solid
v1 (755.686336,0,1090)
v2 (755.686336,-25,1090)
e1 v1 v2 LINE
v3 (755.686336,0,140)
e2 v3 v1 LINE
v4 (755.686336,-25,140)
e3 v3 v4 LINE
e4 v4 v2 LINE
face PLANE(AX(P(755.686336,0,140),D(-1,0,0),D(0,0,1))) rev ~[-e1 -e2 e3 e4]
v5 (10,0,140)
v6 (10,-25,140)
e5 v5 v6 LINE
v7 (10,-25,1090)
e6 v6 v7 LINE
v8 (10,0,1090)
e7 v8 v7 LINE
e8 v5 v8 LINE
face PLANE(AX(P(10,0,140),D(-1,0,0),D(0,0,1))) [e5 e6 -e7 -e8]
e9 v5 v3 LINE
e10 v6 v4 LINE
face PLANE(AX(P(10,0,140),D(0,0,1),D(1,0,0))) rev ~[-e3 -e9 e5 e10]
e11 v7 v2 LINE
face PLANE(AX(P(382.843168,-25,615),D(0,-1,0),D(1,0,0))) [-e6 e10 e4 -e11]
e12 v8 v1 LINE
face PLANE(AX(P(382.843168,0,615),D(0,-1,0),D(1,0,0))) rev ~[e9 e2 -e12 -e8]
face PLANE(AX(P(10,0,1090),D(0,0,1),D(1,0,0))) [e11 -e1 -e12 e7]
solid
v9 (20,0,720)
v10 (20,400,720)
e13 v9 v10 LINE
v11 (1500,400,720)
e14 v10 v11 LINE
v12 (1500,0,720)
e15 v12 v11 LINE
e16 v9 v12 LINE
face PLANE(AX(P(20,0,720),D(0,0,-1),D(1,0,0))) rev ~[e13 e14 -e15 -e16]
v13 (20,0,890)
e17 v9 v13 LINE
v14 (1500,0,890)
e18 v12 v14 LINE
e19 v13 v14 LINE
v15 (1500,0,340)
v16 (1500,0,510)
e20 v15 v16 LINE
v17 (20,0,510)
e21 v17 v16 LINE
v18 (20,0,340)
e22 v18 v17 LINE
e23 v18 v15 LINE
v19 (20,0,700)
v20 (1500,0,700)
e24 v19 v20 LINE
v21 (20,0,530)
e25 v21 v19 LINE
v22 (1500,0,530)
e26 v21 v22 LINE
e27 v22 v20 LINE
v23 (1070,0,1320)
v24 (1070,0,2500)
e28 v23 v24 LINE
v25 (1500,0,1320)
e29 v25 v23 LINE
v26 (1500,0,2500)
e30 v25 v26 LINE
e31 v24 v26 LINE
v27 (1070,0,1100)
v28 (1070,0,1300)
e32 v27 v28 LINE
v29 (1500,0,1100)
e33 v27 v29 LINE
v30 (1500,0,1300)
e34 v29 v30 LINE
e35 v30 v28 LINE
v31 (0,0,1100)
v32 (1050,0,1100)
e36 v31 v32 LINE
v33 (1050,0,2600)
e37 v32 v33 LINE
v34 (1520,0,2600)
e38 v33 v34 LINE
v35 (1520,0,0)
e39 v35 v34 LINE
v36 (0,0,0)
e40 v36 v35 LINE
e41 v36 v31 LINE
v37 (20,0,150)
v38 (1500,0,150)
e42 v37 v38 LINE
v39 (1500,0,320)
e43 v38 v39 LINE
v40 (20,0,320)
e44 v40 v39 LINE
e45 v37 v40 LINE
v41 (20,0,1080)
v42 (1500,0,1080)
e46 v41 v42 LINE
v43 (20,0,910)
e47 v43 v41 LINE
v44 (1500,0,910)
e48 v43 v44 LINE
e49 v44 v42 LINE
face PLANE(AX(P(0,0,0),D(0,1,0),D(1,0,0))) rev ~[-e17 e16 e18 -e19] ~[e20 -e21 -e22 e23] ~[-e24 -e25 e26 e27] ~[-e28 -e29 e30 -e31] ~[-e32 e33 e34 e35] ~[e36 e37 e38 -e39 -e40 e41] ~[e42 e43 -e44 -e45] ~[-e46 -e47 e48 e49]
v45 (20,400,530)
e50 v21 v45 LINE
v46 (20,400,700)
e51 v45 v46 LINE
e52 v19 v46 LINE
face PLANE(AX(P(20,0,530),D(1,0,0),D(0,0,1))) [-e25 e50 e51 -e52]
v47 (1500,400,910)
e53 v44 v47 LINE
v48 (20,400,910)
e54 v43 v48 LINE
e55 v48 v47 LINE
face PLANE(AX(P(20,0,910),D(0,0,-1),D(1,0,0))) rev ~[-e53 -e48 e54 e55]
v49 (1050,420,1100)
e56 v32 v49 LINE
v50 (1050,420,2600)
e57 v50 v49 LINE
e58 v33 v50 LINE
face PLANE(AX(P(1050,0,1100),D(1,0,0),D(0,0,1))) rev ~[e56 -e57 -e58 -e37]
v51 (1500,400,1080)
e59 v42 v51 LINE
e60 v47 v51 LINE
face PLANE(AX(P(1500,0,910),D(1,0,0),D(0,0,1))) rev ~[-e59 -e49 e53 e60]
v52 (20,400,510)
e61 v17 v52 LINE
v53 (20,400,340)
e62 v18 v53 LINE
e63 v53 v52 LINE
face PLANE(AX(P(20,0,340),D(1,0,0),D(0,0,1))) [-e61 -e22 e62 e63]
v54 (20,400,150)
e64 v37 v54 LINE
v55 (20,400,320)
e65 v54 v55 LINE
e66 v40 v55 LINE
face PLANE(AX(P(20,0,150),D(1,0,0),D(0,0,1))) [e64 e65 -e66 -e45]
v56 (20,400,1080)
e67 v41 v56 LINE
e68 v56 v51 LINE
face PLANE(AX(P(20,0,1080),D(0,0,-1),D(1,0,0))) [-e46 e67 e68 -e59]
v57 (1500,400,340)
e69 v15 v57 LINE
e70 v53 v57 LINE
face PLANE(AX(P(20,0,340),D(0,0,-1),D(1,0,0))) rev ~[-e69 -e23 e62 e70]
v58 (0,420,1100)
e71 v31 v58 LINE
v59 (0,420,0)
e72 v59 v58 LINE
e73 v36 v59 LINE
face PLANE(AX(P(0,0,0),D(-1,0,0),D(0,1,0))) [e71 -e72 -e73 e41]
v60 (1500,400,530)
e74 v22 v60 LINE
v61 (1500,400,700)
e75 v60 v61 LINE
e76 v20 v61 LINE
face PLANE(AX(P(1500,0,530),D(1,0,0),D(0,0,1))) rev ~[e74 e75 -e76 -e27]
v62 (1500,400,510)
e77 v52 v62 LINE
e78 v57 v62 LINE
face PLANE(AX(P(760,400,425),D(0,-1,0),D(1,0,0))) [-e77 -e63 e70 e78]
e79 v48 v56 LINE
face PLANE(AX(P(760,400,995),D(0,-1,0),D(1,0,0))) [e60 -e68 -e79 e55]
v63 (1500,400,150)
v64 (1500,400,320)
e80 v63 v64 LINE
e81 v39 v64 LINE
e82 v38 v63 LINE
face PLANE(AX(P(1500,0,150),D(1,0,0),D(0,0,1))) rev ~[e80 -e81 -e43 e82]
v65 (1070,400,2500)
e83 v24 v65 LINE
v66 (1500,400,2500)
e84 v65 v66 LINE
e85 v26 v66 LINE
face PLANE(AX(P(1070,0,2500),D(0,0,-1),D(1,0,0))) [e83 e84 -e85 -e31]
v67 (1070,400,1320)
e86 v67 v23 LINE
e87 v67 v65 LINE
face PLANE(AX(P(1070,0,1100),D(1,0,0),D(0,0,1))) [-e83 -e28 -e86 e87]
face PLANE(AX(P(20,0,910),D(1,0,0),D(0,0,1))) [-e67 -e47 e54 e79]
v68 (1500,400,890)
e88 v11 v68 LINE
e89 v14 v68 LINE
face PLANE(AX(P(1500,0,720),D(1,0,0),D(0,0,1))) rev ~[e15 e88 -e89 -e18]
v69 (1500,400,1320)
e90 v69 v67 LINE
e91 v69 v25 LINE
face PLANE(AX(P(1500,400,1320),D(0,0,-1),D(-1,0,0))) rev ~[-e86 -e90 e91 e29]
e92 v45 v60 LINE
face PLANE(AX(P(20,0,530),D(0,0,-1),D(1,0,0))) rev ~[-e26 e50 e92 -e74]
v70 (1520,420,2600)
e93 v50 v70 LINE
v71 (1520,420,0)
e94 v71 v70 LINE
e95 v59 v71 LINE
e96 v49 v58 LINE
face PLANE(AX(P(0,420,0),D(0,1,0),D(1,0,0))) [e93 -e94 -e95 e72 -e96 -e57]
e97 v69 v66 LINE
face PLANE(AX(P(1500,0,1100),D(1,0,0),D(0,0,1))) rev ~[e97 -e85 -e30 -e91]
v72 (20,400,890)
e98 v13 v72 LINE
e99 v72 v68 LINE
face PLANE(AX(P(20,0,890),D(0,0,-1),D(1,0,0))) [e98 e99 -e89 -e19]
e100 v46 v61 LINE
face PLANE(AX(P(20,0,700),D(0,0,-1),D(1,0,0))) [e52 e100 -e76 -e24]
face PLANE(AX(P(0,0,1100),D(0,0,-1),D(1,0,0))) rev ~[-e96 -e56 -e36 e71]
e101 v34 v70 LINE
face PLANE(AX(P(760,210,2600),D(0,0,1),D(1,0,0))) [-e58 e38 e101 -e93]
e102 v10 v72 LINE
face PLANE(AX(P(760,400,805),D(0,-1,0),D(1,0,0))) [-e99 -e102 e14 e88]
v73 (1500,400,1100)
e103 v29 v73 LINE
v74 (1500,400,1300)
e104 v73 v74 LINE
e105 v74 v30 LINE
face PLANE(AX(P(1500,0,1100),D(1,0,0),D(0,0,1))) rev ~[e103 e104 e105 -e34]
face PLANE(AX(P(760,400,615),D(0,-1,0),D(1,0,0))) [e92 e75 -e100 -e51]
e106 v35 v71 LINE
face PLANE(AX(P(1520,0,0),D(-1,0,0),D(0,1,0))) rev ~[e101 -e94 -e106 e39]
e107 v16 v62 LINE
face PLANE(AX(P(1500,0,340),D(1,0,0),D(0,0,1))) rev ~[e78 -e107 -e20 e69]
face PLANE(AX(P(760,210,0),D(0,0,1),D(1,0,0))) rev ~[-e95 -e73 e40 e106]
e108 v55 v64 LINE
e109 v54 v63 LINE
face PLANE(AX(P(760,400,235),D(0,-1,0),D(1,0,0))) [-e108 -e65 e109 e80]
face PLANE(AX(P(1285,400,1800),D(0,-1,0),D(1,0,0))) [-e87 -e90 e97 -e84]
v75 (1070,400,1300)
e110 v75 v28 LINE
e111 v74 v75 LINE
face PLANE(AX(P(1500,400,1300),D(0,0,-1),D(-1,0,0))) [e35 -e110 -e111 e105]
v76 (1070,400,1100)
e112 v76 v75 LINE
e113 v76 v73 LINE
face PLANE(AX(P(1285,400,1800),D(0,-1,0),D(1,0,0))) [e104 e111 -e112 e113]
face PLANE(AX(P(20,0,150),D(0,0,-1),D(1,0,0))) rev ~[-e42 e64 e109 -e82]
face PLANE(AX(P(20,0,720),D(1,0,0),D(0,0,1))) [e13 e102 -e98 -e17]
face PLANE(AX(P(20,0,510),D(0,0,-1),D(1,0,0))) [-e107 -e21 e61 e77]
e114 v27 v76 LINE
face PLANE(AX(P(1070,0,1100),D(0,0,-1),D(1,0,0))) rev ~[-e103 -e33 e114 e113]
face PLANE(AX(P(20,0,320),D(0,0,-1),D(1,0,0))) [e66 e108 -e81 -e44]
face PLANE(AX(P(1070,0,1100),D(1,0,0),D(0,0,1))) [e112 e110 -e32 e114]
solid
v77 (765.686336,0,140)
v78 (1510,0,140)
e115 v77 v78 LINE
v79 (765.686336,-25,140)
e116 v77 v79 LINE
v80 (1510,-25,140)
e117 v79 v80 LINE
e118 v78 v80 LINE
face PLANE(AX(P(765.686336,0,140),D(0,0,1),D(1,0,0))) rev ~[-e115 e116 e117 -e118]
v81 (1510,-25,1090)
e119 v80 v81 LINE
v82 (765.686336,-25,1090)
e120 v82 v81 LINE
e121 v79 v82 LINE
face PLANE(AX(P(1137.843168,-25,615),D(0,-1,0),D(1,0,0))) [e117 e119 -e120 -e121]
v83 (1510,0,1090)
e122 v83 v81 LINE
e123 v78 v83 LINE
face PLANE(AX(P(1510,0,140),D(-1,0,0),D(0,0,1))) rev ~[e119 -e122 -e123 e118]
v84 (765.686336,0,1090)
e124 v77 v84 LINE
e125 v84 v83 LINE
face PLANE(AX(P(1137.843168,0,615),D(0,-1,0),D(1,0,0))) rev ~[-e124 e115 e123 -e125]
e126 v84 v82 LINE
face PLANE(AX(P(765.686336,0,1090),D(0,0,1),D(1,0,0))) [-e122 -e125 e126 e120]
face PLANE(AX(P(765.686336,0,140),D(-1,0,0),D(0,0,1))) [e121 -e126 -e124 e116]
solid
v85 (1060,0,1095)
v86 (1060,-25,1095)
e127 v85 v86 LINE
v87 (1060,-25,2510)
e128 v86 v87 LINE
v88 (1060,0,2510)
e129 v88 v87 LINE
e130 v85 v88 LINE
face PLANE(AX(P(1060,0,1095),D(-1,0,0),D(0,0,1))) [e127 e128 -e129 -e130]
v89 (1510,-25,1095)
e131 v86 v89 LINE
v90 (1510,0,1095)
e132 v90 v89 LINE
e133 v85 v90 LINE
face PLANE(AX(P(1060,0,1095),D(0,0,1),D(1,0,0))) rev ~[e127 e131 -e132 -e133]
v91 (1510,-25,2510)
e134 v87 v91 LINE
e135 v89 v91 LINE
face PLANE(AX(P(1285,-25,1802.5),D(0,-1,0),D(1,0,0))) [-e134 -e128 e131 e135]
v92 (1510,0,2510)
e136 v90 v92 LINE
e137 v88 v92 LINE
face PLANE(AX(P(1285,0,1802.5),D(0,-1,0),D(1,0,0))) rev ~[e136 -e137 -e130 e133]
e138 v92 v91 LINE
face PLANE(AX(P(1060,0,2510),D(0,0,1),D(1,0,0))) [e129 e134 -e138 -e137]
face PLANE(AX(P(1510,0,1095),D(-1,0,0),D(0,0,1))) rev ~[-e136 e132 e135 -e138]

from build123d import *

# Parameters (mm, degrees)
F0_W      = 1520
F0_H      = 420
F1_DEPTH  = 2600
F2_W      = 1050
F2_H      = 1500
F3_DEPTH  = 420.001
F5_W      = 430
F5_H      = 1400
F6_DEPTH  = 400
F7_W      = 1480
F7_H      = 170
F8_DEPTH  = 400
F9_W      = 745.686335722
F9_H      = 950
F10_DEPTH = 25
F9_W_2    = 744.313664278
F9_W_3    = 450
F9_H_2    = 1415
F11_W     = 430
F11_H     = 20
F12_DEPTH = 400


with BuildPart() as f1:
    # F0 (on Top) → F1 (new body)
    with BuildSketch(Plane.XY):
        with Locations((760, 210)):
            Rectangle(F0_W, F0_H)
    extrude(amount=F1_DEPTH)

    # F2 (on face) → F3 (cut, through all)
    with BuildSketch(Plane.XZ):
        with Locations((525, 1850)):
            Rectangle(F2_W, F2_H)
    extrude(amount=-F3_DEPTH, mode=Mode.SUBTRACT)

    # F5 (on face) → F6 (cut, through all)
    with BuildSketch(Plane.XZ):
        with Locations((1285, 1800)):
            Rectangle(F5_W, F5_H)
    extrude(amount=-F6_DEPTH, mode=Mode.SUBTRACT)

    # F7 (on face) → F8 (cut, through all)
    with BuildSketch(Plane.XZ):
        with Locations((760, 235)):
            Rectangle(F7_W, F7_H)
        with Locations((760, 995)):
            Rectangle(F7_W, F7_H)
        with Locations((760, 425)):
            Rectangle(F7_W, F7_H)
        with Locations((760, 615)):
            Rectangle(F7_W, F7_H)
        with Locations((760, 805)):
            Rectangle(F7_W, F7_H)
    extrude(amount=-F8_DEPTH, mode=Mode.SUBTRACT)

    # F11 (on offset) → F12 (join, through all)
    with BuildSketch(Plane(origin=(0, 400, 0), x_dir=(-1, 0, 0), z_dir=(0, 1, 0))):
        with Locations((-1285, 1310)):
            Rectangle(F11_W, F11_H)
    extrude(amount=-F12_DEPTH)


with BuildPart() as f10:
    # F9 (on Front) → F10 (new body)
    with BuildSketch(Plane.XZ):
        with Locations((382.843167861, 615)):
            Rectangle(F9_W, F9_H)
    extrude(amount=F10_DEPTH)


with BuildPart() as f10b:
    # F9 (on Front) → F10, piece 2 (new body)
    with BuildSketch(Plane.XZ):
        with Locations((1137.843167861, 615)):
            Rectangle(F9_W_2, F9_H)
    extrude(amount=F10_DEPTH)


with BuildPart() as f10c:
    # F9 (on Front) → F10, piece 3 (new body)
    with BuildSketch(Plane.XZ):
        with Locations((1285, 1802.5)):
            Rectangle(F9_W_3, F9_H_2)
    extrude(amount=F10_DEPTH)


solid = Compound([f1.part, f10.part, f10b.part, f10c.part])
